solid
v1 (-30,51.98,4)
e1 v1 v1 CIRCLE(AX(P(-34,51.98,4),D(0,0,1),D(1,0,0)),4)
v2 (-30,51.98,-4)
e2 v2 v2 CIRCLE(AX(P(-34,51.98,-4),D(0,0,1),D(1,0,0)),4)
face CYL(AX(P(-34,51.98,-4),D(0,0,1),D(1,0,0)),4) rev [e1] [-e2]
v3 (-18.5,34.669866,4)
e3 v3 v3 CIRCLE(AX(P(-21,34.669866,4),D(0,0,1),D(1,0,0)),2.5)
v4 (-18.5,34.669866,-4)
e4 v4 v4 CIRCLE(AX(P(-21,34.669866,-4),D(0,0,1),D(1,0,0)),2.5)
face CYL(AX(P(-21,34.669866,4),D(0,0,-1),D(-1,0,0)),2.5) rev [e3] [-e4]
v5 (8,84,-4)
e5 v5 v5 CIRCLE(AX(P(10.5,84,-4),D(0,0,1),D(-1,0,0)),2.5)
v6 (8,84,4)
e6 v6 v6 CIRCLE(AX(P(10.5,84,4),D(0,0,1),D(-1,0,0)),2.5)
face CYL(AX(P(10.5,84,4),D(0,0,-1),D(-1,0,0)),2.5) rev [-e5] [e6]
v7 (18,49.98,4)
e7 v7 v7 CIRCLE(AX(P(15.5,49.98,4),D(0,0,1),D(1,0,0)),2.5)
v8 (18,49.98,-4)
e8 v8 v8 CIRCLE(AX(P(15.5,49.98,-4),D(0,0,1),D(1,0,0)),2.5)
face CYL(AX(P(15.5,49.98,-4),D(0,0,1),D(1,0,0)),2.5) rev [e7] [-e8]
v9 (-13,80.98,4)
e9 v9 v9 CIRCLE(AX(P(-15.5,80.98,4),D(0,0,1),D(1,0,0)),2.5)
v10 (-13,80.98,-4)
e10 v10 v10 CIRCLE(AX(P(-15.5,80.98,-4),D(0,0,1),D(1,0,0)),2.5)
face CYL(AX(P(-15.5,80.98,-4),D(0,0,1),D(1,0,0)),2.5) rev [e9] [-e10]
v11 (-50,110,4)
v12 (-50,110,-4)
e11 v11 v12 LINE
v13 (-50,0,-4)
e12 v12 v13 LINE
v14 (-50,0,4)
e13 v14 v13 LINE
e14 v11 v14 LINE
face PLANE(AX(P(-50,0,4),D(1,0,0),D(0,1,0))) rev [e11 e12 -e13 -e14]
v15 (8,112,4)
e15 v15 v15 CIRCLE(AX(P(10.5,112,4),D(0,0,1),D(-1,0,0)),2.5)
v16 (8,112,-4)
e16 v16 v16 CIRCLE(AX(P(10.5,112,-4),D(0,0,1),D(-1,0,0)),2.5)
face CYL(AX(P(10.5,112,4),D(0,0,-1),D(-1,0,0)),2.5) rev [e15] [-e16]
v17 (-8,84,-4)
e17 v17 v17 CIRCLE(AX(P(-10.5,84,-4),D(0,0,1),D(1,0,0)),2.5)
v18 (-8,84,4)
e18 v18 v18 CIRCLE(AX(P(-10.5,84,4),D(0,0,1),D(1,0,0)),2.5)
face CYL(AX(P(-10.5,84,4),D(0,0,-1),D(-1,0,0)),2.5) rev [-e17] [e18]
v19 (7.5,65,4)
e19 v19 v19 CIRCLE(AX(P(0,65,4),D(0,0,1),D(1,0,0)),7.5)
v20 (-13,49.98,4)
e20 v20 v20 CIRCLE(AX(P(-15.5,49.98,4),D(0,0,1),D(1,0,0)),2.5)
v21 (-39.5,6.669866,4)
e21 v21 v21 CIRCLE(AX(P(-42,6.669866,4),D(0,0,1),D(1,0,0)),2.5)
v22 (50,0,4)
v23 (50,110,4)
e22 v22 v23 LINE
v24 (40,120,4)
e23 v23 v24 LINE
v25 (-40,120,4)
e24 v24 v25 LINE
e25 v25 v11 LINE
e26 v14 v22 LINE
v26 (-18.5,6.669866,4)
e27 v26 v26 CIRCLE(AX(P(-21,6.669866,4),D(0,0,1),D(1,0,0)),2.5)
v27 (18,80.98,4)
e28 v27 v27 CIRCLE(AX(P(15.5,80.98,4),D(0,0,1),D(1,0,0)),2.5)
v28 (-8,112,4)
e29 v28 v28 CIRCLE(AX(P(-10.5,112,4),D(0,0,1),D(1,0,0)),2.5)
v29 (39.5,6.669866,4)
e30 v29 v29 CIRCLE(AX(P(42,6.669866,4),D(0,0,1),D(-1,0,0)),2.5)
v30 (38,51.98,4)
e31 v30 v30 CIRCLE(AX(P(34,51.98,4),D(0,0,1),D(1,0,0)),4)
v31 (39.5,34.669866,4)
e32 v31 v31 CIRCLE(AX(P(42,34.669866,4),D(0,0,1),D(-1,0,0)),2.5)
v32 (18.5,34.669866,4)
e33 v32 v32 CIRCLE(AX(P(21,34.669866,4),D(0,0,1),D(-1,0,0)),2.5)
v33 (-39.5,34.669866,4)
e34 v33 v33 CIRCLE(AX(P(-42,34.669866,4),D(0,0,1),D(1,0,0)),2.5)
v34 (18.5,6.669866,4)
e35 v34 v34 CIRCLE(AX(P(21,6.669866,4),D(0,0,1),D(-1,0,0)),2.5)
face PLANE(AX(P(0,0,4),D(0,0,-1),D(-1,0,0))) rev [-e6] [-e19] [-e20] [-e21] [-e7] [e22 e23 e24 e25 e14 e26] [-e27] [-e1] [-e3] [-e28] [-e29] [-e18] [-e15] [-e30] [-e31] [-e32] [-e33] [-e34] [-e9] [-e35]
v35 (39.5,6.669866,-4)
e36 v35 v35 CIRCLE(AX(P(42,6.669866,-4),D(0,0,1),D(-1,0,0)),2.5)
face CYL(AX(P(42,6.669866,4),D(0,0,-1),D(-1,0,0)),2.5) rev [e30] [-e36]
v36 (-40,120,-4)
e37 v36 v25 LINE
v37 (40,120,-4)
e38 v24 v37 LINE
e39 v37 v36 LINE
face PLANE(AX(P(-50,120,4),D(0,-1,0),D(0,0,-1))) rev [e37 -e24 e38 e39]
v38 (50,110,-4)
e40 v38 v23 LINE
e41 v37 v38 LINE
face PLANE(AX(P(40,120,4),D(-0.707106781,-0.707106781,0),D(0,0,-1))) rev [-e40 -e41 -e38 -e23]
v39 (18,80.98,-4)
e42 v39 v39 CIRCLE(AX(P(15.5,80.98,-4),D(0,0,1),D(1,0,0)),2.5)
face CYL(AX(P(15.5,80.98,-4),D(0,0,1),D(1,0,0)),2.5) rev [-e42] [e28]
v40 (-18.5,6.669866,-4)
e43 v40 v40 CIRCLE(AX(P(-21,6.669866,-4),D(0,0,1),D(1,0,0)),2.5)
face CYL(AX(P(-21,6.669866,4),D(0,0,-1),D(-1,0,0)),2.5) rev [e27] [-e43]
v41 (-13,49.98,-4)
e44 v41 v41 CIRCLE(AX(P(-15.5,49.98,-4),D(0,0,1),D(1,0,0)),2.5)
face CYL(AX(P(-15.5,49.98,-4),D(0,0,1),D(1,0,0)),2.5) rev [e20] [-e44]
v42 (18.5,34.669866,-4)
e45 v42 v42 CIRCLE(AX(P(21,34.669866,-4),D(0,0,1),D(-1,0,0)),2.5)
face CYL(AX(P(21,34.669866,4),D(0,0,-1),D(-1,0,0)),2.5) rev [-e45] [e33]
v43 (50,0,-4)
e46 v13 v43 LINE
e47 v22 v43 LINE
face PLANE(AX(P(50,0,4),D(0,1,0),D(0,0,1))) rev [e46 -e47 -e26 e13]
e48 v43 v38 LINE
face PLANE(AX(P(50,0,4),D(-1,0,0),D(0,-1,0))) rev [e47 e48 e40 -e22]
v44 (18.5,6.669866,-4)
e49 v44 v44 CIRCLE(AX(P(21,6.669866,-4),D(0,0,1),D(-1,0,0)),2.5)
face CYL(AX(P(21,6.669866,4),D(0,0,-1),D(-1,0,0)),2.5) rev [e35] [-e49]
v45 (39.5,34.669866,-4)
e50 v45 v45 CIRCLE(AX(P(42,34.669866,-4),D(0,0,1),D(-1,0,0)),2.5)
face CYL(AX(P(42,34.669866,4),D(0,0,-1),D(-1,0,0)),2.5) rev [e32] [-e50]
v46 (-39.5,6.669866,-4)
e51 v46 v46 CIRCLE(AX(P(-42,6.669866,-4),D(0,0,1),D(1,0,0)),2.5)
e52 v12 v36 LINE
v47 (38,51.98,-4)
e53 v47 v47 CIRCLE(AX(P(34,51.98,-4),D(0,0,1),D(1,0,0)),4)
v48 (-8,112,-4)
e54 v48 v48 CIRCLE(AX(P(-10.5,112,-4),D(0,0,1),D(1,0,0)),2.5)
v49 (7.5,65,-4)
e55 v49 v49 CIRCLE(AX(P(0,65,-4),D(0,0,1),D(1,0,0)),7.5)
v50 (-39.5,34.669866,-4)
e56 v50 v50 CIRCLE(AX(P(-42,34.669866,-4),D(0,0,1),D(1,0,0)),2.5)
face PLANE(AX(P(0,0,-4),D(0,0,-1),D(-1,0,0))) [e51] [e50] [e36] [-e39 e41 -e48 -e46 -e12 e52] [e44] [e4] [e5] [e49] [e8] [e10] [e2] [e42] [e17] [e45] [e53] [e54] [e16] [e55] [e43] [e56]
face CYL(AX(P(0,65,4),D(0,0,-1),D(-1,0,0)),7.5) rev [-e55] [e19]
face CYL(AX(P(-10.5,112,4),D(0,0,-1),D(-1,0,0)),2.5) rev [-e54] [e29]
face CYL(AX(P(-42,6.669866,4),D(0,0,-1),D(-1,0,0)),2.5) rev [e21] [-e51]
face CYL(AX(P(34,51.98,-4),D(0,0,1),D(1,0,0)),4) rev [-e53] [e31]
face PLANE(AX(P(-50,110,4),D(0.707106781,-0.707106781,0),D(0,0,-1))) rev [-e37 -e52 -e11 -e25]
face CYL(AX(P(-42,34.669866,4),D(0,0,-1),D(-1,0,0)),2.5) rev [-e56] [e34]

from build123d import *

# Parameters (mm, degrees)
SKETCH1_W           = 100
SKETCH1_H           = 120
SKETCH1_R           = 2.5
SKETCH1_R_2         = 7.5
BOSS_EXTRUDE1_DEPTH = 4
CHAMFER1_SIZE       = 10
SKETCH2_R           = 2.5
SKETCH2_R_2         = 4
CUT_EXTRUDE1_DEPTH  = 131.245921241


with BuildPart() as part:
    # Sketch1 → Boss-Extrude1 (new, symmetric)
    with BuildSketch(Plane.XY):
        with Locations((0, 60)):
            Rectangle(SKETCH1_W, SKETCH1_H)
        with Locations((-42, 6.66986634)):
            Circle(SKETCH1_R, mode=Mode.SUBTRACT)
        with Locations((-21, 6.66986634)):
            Circle(SKETCH1_R, mode=Mode.SUBTRACT)
        with Locations((-42, 34.66986634)):
            Circle(SKETCH1_R, mode=Mode.SUBTRACT)
        with Locations((-21, 34.66986634)):
            Circle(SKETCH1_R, mode=Mode.SUBTRACT)
        with Locations((-10.5, 112)):
            Circle(SKETCH1_R, mode=Mode.SUBTRACT)
        with Locations((-10.5, 84)):
            Circle(SKETCH1_R, mode=Mode.SUBTRACT)
        with Locations((10.5, 84)):
            Circle(SKETCH1_R, mode=Mode.SUBTRACT)
        with Locations((10.5, 112)):
            Circle(SKETCH1_R, mode=Mode.SUBTRACT)
        with Locations((21, 34.66986634)):
            Circle(SKETCH1_R, mode=Mode.SUBTRACT)
        with Locations((42, 34.66986634)):
            Circle(SKETCH1_R, mode=Mode.SUBTRACT)
        with Locations((21, 6.66986634)):
            Circle(SKETCH1_R, mode=Mode.SUBTRACT)
        with Locations((42, 6.66986634)):
            Circle(SKETCH1_R, mode=Mode.SUBTRACT)
        with Locations((0, 65)):
            Circle(SKETCH1_R_2, mode=Mode.SUBTRACT)
    extrude(amount=BOSS_EXTRUDE1_DEPTH, both=True)

    # Chamfer1
    chamfer1_edges = [part.edges().sort_by_distance(p)[0] for p in [
        (50, 120, 0),
        (-50, 120, 0),
    ]]
    chamfer(chamfer1_edges, length=CHAMFER1_SIZE)

    # Sketch2 → Cut-Extrude1 (cut, through all)
    with BuildSketch(Plane.XY.offset(4)):
        with Locations((-15.5, 80.98)):
            Circle(SKETCH2_R)
        with Locations((-15.5, 49.98)):
            Circle(SKETCH2_R)
        with Locations((15.5, 80.98)):
            Circle(SKETCH2_R)
        with Locations((15.5, 49.98)):
            Circle(SKETCH2_R)
        with Locations((-34, 51.98)):
            Circle(SKETCH2_R_2)
        with Locations((34, 51.98)):
            Circle(SKETCH2_R_2)
    extrude(amount=-CUT_EXTRUDE1_DEPTH, mode=Mode.SUBTRACT)


solid = part.part
